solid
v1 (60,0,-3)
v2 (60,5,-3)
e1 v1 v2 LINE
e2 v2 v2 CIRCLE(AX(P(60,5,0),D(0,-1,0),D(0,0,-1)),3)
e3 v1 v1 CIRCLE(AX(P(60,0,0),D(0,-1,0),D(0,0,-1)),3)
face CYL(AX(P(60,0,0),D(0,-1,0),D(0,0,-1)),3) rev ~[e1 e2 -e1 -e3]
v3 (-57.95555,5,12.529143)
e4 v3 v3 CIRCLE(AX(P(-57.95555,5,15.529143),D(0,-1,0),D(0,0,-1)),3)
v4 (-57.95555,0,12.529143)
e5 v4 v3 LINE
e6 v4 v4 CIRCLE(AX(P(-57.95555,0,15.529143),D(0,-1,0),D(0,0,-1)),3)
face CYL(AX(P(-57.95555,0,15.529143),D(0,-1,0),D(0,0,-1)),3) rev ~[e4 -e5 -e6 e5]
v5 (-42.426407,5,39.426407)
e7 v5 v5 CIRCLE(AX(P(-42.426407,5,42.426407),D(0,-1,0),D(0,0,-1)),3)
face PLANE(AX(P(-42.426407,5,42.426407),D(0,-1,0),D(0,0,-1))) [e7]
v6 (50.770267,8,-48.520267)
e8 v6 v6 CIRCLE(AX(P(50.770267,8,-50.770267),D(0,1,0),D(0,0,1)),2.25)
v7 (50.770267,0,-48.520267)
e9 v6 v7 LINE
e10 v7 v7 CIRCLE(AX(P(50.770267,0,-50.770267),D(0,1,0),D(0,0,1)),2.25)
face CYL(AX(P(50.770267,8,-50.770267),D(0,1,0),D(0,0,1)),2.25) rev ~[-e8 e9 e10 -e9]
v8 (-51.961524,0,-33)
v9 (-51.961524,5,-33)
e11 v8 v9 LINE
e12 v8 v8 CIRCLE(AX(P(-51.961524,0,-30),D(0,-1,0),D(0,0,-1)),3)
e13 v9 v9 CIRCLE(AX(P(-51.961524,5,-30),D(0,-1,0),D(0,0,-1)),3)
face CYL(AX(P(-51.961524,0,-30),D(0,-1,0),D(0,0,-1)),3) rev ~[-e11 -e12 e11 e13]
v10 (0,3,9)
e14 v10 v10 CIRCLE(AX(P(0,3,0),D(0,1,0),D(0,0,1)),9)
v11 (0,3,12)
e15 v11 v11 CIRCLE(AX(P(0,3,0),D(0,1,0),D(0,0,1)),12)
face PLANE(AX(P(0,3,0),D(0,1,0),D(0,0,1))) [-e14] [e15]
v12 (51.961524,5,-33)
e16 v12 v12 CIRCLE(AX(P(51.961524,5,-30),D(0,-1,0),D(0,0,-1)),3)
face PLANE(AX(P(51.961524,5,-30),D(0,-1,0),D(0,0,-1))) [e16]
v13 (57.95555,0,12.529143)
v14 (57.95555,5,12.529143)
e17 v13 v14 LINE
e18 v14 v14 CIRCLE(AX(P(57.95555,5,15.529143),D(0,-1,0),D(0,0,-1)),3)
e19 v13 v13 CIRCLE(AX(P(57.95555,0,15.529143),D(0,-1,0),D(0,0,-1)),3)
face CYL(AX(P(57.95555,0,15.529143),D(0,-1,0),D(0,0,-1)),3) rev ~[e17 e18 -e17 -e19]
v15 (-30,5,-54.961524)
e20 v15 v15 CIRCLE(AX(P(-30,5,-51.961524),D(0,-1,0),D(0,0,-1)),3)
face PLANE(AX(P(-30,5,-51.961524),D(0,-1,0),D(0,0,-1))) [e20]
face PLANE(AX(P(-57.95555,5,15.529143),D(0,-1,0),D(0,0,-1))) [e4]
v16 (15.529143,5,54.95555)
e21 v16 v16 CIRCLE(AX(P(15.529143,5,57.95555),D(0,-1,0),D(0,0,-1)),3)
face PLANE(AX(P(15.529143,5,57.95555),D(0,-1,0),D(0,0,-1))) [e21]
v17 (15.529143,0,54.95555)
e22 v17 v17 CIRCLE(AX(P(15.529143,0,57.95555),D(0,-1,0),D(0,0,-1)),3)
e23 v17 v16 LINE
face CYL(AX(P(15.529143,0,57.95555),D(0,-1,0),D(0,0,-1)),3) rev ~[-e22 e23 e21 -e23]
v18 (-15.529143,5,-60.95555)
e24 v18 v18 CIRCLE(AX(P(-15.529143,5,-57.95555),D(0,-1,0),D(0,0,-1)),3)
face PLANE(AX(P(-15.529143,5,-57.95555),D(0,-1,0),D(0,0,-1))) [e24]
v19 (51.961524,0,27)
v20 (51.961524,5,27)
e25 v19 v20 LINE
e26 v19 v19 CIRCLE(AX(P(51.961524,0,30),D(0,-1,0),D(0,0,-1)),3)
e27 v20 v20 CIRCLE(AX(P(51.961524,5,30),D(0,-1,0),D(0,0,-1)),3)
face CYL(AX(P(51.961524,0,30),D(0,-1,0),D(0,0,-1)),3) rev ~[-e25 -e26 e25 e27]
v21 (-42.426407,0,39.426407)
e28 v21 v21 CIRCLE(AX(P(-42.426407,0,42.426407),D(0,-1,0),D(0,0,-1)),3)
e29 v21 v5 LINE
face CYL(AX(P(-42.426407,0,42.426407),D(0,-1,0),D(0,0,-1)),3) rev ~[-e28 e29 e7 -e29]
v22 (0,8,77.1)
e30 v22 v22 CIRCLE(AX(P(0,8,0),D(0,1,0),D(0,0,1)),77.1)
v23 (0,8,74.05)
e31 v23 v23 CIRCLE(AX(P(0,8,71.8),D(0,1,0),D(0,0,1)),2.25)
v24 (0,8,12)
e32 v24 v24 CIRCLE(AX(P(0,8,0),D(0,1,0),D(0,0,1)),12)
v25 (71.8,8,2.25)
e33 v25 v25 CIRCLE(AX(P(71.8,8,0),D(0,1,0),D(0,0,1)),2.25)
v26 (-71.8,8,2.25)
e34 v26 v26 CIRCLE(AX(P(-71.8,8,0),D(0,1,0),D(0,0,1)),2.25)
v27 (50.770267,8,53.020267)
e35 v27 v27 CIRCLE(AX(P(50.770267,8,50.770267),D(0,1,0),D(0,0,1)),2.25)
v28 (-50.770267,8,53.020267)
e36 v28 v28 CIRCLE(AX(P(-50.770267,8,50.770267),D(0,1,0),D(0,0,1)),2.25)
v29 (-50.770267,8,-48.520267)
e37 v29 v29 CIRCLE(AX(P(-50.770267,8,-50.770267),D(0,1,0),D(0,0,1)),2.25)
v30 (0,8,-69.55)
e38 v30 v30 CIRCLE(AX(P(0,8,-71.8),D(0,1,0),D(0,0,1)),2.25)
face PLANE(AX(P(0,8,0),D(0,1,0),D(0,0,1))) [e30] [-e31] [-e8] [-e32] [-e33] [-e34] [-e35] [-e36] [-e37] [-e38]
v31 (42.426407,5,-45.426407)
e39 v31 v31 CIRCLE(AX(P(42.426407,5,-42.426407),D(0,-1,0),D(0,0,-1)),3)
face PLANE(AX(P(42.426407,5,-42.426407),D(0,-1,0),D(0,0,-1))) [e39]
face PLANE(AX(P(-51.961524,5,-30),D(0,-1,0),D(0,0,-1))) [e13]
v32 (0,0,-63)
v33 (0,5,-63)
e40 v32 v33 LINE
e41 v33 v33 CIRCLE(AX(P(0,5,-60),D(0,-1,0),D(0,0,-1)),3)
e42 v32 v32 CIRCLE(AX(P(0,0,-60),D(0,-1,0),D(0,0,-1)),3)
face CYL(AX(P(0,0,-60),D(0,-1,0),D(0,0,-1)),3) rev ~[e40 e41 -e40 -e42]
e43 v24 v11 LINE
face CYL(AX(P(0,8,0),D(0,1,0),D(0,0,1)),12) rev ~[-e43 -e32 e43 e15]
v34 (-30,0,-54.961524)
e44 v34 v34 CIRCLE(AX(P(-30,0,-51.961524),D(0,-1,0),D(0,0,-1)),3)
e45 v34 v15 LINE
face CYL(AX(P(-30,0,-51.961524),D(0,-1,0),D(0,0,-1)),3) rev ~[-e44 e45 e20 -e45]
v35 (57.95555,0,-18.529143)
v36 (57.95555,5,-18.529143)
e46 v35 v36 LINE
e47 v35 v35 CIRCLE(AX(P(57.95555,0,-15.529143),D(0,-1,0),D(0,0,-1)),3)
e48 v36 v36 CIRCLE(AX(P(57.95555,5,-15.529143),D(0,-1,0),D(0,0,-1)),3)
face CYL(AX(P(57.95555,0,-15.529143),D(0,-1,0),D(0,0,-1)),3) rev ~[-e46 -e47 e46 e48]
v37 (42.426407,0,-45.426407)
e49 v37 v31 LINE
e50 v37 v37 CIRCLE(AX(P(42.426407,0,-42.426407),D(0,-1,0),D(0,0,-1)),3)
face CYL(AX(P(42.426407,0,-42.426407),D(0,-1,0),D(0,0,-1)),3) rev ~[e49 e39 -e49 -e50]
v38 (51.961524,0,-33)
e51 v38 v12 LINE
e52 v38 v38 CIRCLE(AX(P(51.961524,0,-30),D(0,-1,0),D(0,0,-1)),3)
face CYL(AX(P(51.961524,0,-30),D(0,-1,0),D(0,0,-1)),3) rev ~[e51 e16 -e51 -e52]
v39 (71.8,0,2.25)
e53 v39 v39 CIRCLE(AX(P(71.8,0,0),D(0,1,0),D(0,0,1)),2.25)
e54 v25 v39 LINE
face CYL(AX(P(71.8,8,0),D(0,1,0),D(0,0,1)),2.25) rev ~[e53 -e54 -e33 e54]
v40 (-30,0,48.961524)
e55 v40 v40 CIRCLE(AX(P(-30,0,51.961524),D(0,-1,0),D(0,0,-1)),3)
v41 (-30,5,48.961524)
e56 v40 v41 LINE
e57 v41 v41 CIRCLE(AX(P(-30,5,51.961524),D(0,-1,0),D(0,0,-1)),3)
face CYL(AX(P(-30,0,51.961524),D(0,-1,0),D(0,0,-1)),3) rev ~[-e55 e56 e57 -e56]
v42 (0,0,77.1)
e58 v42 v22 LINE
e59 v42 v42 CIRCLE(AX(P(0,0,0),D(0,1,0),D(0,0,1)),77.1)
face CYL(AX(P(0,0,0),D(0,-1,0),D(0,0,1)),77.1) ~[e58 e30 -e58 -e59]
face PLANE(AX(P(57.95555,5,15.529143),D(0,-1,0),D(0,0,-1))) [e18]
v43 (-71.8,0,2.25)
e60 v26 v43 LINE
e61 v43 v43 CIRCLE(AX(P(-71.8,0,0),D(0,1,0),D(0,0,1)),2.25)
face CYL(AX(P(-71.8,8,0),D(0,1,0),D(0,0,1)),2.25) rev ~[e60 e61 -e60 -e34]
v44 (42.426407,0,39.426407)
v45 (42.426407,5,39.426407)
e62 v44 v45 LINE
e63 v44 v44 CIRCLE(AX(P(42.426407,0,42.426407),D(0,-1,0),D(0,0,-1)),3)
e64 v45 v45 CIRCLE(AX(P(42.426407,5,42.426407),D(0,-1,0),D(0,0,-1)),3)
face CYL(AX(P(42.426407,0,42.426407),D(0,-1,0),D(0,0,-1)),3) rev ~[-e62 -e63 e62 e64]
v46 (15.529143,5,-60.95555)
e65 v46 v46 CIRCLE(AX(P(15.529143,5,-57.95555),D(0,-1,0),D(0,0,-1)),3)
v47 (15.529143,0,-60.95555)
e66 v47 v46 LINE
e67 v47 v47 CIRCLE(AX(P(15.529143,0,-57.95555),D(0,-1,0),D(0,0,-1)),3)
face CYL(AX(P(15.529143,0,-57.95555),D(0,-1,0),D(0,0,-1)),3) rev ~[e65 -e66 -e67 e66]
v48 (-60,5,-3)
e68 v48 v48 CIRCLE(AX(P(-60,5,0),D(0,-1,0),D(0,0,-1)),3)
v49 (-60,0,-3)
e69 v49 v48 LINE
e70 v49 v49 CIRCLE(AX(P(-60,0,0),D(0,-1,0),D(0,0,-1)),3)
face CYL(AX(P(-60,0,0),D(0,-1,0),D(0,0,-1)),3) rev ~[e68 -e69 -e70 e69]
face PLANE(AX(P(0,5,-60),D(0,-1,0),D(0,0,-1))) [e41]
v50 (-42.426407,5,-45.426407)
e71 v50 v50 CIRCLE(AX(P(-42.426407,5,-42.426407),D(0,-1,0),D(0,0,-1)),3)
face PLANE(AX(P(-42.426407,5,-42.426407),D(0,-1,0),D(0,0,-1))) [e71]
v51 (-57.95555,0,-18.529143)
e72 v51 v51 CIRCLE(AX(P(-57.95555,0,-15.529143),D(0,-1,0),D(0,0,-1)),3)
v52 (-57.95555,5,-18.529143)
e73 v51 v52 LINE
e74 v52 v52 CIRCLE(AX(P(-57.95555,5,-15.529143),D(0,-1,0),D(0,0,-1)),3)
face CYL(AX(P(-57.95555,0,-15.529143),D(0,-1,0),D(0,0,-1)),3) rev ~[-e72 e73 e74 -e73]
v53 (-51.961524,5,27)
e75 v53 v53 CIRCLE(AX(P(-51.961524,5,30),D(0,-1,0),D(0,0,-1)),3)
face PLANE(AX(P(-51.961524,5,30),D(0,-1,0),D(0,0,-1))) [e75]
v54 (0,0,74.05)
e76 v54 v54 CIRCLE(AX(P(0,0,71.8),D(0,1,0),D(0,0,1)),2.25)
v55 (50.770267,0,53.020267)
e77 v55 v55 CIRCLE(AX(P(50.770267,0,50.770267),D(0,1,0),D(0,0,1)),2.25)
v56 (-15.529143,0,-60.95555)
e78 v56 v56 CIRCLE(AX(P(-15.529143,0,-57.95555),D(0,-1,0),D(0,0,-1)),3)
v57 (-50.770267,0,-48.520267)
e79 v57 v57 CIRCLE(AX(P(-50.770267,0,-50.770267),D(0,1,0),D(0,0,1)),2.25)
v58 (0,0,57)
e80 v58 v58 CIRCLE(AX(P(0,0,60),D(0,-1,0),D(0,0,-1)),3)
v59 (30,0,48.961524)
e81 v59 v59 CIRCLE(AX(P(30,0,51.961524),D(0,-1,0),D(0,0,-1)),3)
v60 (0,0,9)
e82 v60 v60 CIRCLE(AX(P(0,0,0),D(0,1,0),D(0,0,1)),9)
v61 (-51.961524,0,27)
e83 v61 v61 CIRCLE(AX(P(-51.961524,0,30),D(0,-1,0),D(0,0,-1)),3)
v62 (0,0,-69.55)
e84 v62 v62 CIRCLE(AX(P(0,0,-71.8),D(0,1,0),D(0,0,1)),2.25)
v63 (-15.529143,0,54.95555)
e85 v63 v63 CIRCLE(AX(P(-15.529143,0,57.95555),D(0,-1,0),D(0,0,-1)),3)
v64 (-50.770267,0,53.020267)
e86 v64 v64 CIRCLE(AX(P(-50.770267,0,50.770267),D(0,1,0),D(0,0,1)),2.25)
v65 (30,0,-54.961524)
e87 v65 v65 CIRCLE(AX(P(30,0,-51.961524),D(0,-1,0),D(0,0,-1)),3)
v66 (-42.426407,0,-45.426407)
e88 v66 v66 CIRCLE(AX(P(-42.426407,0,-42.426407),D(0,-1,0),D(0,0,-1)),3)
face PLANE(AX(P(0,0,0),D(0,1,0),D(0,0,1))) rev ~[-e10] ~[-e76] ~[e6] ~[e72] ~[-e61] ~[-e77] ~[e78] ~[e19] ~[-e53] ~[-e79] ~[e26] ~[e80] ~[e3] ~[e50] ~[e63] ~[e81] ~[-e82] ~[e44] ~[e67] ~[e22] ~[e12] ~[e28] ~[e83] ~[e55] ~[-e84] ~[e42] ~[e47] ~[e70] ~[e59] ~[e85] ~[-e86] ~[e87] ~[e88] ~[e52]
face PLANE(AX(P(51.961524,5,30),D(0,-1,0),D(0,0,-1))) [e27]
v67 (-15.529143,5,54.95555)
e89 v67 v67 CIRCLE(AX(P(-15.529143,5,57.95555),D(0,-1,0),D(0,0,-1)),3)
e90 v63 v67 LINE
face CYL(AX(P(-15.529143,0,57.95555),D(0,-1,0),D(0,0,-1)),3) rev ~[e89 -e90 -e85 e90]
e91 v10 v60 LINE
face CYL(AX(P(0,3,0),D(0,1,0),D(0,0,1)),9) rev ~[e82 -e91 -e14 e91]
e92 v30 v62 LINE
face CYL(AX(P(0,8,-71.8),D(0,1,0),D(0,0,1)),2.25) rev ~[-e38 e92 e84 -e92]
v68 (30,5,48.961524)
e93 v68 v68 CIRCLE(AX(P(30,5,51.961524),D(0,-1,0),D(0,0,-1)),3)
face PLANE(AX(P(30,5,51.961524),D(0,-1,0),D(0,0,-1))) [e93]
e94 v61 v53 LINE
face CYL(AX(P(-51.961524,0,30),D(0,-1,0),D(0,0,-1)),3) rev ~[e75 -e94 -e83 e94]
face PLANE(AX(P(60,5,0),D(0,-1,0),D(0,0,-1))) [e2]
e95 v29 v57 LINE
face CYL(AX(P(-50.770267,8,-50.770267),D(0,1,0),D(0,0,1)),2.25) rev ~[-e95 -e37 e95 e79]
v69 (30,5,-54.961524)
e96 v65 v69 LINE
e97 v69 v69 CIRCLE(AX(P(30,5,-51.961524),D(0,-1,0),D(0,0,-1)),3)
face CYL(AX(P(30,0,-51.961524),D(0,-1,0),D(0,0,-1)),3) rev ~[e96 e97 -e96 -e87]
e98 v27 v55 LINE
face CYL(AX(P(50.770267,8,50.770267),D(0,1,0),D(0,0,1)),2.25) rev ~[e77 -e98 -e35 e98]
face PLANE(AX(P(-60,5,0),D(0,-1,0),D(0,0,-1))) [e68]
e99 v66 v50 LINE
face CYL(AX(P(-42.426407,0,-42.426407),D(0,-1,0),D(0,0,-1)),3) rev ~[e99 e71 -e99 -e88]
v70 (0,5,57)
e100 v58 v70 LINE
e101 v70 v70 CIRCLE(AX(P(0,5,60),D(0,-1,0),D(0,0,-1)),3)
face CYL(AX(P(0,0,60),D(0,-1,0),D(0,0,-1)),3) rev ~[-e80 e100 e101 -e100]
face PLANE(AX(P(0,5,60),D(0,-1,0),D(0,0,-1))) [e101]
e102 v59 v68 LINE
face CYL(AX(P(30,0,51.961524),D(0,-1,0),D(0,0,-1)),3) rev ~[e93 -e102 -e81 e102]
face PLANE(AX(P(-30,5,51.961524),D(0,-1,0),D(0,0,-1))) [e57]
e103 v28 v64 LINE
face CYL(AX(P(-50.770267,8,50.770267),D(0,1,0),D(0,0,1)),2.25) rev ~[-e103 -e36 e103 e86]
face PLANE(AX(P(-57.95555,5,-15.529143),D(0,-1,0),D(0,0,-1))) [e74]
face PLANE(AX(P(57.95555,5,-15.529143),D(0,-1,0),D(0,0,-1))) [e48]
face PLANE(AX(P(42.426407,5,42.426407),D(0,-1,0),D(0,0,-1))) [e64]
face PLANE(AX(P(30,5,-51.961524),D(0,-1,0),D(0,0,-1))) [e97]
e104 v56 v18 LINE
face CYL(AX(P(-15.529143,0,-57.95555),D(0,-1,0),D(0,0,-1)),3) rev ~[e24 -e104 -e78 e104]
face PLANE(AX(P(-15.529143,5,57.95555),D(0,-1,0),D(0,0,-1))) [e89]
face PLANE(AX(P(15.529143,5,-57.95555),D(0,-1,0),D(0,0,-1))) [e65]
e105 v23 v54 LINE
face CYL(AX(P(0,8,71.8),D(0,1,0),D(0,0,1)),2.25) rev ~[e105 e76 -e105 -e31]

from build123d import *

# Parameters (mm, degrees)
SKETCH1_R           = 77.1
BOSS_EXTRUDE1_DEPTH = 8
SKETCH2_R           = 2.25
CUT_EXTRUDE1_DEPTH  = 110.328953164
SKETCH3_R           = 3
CUT_EXTRUDE2_DEPTH  = 5
SKETCH4_R           = 12
CUT_EXTRUDE3_DEPTH  = 5
SKETCH5_R           = 9
CUT_EXTRUDE4_DEPTH  = 5


with BuildPart() as part:
    # Sketch1 → Boss-Extrude1 (new body)
    with BuildSketch(Plane(origin=(0, 0, 0), x_dir=(1, 0, 0), z_dir=(0, 1, 0))):
        with Locations(Location((0, 0, 0), (0, 0, 270))):
            Circle(SKETCH1_R)
    extrude(amount=BOSS_EXTRUDE1_DEPTH)

    # Sketch2 → Cut-Extrude1 (cut, through all)
    with BuildSketch(Plane(origin=(0, 8, 0), x_dir=(1, 0, 0), z_dir=(0, 1, 0))):
        with Locations(Location((0, 71.8, 0), (0, 0, 270))):
            Circle(SKETCH2_R)
        with Locations(Location((50.770266889, 50.770266889, 0), (0, 0, 270))):
            Circle(SKETCH2_R)
        with Locations(Location((71.8, 0, 0), (0, 0, 270))):
            Circle(SKETCH2_R)
        with Locations(Location((50.770266889, -50.770266889, 0), (0, 0, 270))):
            Circle(SKETCH2_R)
        with Locations(Location((0, -71.8, 0), (0, 0, 270))):
            Circle(SKETCH2_R)
        with Locations(Location((-50.770266889, -50.770266889, 0), (0, 0, 270))):
            Circle(SKETCH2_R)
        with Locations(Location((-71.8, 0, 0), (0, 0, 270))):
            Circle(SKETCH2_R)
        with Locations(Location((-50.770266889, 50.770266889, 0), (0, 0, 270))):
            Circle(SKETCH2_R)
    extrude(amount=-CUT_EXTRUDE1_DEPTH, mode=Mode.SUBTRACT)

    # Sketch3 → Cut-Extrude2 (cut)
    with BuildSketch(Plane.XZ):
        with Locations(Location((60, 0, 0), (0, 0, 270))):
            Circle(SKETCH3_R)
        with Locations(Location((57.955549577, -15.529142706, 0), (0, 0, 270))):
            Circle(SKETCH3_R)
        with Locations(Location((51.961524227, -30, 0), (0, 0, 270))):
            Circle(SKETCH3_R)
        with Locations(Location((42.426406871, -42.426406871, 0), (0, 0, 270))):
            Circle(SKETCH3_R)
        with Locations(Location((30, -51.961524227, 0), (0, 0, 270))):
            Circle(SKETCH3_R)
        with Locations(Location((15.529142706, -57.955549577, 0), (0, 0, 270))):
            Circle(SKETCH3_R)
        with Locations(Location((0, -60, 0), (0, 0, 270))):
            Circle(SKETCH3_R)
        with Locations(Location((-15.529142706, -57.955549577, 0), (0, 0, 270))):
            Circle(SKETCH3_R)
        with Locations(Location((-30, -51.961524227, 0), (0, 0, 270))):
            Circle(SKETCH3_R)
        with Locations(Location((-42.426406871, -42.426406871, 0), (0, 0, 270))):
            Circle(SKETCH3_R)
        with Locations(Location((-51.961524227, -30, 0), (0, 0, 270))):
            Circle(SKETCH3_R)
        with Locations(Location((-57.955549577, -15.529142706, 0), (0, 0, 270))):
            Circle(SKETCH3_R)
        with Locations(Location((-60, 0, 0), (0, 0, 270))):
            Circle(SKETCH3_R)
        with Locations(Location((-57.955549577, 15.529142706, 0), (0, 0, 270))):
            Circle(SKETCH3_R)
        with Locations(Location((-51.961524227, 30, 0), (0, 0, 270))):
            Circle(SKETCH3_R)
        with Locations(Location((-42.426406871, 42.426406871, 0), (0, 0, 270))):
            Circle(SKETCH3_R)
        with Locations(Location((-30, 51.961524227, 0), (0, 0, 270))):
            Circle(SKETCH3_R)
        with Locations(Location((-15.529142706, 57.955549577, 0), (0, 0, 270))):
            Circle(SKETCH3_R)
        with Locations(Location((0, 60, 0), (0, 0, 270))):
            Circle(SKETCH3_R)
        with Locations(Location((15.529142706, 57.955549577, 0), (0, 0, 270))):
            Circle(SKETCH3_R)
        with Locations(Location((30, 51.961524227, 0), (0, 0, 270))):
            Circle(SKETCH3_R)
        with Locations(Location((42.426406871, 42.426406871, 0), (0, 0, 270))):
            Circle(SKETCH3_R)
        with Locations(Location((51.961524227, 30, 0), (0, 0, 270))):
            Circle(SKETCH3_R)
        with Locations(Location((57.955549577, 15.529142706, 0), (0, 0, 270))):
            Circle(SKETCH3_R)
    extrude(amount=-CUT_EXTRUDE2_DEPTH, mode=Mode.SUBTRACT)

    # Sketch4 → Cut-Extrude3 (cut)
    with BuildSketch(Plane(origin=(0, 8, 0), x_dir=(1, 0, 0), z_dir=(0, 1, 0))):
        with Locations(Location((0, 0, 0), (0, 0, 270))):
            Circle(SKETCH4_R)
    extrude(amount=-CUT_EXTRUDE3_DEPTH, mode=Mode.SUBTRACT)

    # Sketch5 → Cut-Extrude4 (cut)
    with BuildSketch(Plane(origin=(0, 3, 0), x_dir=(1, 0, 0), z_dir=(0, 1, 0))):
        with Locations(Location((0, 0, 0), (0, 0, 270))):
            Circle(SKETCH5_R)
    extrude(amount=-CUT_EXTRUDE4_DEPTH, mode=Mode.SUBTRACT)


solid = part.part
